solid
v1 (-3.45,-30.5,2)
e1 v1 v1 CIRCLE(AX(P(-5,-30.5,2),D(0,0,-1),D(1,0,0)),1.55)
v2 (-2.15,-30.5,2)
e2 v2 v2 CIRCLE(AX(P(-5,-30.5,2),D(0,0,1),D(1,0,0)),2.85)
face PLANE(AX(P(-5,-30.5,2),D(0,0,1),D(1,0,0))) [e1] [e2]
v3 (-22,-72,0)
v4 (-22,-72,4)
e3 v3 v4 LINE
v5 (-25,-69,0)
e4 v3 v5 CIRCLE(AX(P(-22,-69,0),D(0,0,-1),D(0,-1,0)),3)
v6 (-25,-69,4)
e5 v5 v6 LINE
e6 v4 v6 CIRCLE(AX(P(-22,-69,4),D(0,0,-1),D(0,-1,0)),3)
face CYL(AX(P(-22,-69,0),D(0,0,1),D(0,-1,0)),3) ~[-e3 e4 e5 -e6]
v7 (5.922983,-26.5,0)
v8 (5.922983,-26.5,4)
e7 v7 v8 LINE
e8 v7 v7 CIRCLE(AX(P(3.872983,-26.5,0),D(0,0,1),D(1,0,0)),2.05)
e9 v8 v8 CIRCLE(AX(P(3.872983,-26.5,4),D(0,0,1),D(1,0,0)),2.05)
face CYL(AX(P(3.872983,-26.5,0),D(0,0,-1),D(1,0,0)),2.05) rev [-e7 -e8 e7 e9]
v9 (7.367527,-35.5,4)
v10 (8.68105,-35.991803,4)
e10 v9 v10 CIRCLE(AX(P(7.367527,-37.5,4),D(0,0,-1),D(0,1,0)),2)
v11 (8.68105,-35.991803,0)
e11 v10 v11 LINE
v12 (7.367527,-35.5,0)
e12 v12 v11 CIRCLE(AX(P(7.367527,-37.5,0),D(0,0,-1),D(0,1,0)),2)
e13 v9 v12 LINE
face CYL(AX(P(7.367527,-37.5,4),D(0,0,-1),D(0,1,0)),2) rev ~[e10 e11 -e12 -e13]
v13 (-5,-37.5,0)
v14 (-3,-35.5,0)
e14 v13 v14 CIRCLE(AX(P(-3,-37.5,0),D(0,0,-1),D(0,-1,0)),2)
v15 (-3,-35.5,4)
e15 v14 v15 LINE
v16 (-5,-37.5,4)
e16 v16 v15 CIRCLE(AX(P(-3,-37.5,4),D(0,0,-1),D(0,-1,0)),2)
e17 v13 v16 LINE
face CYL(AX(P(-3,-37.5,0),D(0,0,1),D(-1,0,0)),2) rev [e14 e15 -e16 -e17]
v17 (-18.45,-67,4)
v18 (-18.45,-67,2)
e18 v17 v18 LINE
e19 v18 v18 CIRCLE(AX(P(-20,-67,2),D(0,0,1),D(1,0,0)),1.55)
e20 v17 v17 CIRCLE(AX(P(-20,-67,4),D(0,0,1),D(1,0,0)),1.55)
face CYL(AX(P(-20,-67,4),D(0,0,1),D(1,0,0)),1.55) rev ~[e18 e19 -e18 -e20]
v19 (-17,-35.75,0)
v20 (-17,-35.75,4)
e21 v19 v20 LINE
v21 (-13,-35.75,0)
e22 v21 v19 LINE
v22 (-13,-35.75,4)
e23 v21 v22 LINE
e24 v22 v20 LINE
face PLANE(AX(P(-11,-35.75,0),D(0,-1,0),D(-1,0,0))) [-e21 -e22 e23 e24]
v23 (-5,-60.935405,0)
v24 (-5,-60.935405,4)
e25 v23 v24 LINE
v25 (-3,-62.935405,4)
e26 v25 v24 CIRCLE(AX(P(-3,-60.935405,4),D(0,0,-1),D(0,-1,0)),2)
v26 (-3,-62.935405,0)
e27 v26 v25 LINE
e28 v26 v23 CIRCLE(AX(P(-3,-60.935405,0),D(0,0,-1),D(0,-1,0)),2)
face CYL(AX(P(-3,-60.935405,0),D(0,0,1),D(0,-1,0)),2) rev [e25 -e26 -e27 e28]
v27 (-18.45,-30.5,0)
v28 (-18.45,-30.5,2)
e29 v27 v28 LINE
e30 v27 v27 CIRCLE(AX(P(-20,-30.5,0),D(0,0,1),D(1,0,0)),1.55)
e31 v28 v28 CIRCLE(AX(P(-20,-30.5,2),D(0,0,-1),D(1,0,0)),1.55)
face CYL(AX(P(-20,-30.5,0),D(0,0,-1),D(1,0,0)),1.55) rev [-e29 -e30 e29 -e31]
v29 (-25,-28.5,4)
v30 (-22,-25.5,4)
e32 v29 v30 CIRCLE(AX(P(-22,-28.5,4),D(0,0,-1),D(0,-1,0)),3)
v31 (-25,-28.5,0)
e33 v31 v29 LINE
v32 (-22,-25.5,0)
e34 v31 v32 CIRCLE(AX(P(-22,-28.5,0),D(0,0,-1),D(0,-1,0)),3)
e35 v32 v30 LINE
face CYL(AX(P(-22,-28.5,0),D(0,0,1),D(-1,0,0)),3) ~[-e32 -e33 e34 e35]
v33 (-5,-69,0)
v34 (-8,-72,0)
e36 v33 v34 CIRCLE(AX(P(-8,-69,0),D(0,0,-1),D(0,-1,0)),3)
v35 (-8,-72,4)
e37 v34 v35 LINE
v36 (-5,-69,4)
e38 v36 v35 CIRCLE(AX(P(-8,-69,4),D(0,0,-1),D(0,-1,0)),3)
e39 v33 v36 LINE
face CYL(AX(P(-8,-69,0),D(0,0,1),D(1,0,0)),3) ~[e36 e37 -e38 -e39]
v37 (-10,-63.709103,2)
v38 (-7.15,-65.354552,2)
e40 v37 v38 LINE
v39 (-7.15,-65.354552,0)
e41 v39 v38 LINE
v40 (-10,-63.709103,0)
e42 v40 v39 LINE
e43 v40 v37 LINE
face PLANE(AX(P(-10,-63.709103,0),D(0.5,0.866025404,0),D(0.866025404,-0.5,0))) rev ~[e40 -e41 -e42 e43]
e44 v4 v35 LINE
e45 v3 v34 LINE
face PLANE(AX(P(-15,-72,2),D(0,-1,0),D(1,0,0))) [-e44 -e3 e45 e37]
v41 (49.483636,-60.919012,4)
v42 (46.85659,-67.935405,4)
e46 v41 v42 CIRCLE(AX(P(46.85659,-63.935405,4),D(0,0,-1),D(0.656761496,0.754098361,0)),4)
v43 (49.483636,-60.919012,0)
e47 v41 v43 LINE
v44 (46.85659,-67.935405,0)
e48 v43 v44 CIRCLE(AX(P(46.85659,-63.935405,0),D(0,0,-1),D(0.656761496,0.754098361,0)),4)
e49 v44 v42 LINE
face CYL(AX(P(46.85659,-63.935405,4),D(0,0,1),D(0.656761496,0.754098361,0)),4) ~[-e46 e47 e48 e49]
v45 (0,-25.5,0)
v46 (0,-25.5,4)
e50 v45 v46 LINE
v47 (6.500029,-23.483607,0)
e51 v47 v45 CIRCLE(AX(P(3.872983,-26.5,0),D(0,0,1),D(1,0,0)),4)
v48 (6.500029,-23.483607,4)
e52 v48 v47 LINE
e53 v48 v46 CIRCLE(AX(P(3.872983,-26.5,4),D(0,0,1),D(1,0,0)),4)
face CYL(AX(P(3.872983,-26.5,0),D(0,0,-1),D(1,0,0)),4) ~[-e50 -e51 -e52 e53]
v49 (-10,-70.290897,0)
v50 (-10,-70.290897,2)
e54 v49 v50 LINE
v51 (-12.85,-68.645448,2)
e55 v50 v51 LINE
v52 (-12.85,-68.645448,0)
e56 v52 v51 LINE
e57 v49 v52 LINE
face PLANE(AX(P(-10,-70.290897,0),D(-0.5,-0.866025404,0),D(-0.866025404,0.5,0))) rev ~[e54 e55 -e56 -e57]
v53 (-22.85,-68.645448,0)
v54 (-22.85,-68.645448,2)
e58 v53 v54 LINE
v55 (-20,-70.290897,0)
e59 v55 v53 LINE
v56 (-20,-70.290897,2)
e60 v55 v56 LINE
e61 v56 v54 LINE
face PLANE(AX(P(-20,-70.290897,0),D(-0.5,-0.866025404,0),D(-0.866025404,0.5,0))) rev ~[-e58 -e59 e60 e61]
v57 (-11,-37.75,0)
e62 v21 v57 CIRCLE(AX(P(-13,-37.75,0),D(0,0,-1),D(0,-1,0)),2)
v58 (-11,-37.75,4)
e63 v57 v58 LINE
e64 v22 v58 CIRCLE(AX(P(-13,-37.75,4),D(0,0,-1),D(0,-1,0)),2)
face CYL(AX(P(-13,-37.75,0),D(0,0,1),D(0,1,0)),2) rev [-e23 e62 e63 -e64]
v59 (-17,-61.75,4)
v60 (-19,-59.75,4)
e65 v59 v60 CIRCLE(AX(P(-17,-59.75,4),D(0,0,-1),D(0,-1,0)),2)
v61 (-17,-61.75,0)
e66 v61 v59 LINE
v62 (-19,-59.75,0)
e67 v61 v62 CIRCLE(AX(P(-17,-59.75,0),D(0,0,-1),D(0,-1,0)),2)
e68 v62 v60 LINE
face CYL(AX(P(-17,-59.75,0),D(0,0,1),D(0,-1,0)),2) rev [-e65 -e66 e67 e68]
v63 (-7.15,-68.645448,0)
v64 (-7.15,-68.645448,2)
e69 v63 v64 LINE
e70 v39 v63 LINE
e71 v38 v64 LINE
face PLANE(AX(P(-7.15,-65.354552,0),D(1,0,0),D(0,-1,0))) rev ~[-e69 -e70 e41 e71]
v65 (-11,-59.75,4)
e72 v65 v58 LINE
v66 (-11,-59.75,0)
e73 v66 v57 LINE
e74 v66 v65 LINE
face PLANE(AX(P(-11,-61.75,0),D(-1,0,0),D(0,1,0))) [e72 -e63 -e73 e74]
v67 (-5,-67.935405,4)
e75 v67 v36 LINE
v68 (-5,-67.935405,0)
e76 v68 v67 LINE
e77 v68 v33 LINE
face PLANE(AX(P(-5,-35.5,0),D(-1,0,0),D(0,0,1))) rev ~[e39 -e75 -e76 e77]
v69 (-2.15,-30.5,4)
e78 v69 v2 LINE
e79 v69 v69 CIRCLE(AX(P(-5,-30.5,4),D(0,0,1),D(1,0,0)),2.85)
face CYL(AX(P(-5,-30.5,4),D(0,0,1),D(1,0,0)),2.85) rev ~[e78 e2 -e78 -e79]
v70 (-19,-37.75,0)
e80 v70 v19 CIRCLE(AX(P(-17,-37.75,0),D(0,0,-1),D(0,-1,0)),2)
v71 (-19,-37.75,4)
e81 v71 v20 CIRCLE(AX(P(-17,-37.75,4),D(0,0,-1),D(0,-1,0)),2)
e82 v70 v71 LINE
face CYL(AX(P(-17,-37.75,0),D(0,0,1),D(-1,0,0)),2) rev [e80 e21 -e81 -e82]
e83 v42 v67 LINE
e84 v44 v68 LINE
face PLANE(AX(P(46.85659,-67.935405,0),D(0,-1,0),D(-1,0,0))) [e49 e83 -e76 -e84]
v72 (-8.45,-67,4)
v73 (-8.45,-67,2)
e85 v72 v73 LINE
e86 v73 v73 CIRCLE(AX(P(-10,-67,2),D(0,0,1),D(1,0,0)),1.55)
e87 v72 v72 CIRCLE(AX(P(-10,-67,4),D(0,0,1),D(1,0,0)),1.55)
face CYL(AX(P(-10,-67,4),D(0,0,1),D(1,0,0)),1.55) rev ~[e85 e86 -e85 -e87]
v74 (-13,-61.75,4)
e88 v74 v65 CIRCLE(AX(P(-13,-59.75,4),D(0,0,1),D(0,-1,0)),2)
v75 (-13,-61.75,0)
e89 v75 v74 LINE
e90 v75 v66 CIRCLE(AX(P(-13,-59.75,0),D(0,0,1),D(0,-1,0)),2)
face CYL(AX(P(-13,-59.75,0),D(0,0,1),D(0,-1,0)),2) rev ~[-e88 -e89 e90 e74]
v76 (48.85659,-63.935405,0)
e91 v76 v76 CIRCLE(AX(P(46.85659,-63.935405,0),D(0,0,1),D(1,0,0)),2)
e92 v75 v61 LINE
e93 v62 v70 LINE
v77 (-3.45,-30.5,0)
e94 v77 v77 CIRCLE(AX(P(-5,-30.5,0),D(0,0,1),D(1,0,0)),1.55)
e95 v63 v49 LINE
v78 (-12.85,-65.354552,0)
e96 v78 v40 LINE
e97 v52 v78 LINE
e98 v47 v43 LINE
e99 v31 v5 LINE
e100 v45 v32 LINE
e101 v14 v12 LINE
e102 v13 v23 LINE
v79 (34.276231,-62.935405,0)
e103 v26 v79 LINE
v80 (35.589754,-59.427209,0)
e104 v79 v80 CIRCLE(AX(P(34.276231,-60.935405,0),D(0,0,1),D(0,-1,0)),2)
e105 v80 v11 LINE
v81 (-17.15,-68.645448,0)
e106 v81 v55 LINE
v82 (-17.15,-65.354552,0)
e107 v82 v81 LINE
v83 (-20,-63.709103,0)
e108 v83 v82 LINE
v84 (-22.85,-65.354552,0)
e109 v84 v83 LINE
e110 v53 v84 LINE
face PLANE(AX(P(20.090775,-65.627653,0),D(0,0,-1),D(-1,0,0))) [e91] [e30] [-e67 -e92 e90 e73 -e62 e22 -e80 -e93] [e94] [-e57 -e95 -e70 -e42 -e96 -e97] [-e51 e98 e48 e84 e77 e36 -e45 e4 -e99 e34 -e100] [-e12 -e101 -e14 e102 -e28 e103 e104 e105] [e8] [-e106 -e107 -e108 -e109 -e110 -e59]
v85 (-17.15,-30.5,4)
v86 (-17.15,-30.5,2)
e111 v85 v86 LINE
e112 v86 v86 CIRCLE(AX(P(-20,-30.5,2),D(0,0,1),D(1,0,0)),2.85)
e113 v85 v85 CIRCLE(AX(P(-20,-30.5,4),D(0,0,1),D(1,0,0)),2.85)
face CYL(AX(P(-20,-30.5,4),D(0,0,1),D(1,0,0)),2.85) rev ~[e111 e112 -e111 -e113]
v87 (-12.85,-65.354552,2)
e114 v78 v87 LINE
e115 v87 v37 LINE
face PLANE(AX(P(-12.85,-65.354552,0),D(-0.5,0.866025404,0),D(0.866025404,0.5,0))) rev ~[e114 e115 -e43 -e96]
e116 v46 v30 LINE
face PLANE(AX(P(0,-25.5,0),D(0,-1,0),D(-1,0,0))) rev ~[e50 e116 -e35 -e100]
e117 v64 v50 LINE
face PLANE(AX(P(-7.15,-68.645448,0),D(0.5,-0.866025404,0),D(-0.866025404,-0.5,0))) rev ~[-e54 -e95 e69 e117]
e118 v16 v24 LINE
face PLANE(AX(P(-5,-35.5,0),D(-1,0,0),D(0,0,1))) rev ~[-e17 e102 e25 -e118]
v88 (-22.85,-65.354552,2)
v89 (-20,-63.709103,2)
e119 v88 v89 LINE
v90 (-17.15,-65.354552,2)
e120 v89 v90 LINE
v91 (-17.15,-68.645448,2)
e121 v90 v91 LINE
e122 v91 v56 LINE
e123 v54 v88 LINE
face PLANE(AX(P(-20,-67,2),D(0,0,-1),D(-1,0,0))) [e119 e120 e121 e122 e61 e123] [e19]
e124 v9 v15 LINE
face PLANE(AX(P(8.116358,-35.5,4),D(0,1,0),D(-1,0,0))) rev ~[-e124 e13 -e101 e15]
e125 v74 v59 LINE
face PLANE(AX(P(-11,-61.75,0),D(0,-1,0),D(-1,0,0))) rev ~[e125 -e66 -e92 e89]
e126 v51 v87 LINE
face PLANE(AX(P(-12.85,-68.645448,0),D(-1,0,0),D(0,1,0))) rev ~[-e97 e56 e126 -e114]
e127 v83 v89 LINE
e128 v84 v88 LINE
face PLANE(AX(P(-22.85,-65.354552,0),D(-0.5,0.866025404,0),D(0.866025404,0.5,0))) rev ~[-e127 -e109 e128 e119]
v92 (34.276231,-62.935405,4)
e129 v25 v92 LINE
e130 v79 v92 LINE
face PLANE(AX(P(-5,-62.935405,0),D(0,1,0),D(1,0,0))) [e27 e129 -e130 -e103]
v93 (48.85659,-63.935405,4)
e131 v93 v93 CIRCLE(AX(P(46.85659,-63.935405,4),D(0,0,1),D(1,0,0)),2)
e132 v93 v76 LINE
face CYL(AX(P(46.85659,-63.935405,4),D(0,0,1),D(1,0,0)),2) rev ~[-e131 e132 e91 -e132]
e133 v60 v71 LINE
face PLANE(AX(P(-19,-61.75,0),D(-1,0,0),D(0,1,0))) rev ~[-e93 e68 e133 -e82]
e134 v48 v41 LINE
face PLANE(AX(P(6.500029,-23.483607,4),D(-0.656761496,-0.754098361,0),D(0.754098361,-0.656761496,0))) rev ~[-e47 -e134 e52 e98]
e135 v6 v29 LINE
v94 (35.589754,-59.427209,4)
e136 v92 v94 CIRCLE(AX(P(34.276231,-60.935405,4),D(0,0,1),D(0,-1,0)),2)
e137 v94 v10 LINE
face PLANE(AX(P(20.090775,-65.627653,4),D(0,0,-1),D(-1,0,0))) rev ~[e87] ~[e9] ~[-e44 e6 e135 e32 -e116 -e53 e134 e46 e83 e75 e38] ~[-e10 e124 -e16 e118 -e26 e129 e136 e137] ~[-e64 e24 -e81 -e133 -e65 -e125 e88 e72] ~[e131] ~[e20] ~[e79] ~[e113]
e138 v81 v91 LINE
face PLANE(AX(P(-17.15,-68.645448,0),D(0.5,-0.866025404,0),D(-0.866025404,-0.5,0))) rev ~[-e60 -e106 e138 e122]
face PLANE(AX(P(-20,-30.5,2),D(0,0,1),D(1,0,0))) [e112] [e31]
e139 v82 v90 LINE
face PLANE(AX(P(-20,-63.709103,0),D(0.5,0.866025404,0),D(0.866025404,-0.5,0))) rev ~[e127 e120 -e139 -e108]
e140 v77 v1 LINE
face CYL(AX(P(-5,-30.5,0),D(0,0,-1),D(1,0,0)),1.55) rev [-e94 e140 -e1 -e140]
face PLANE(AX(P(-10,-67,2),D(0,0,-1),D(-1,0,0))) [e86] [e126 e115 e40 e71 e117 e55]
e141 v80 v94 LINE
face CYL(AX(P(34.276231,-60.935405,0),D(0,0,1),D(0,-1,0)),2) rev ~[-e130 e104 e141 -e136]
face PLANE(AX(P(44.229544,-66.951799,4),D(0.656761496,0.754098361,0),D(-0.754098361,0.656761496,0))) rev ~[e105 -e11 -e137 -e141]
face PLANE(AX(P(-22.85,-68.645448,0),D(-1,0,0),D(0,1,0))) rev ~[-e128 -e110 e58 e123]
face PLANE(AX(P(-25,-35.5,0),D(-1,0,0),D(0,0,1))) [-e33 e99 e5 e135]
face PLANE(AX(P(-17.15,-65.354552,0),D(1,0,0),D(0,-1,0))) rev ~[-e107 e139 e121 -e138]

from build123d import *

# Parameters (mm, degrees)
SKETCH1_R           = 1.55
SKETCH1_R_2         = 2.05
BOSS_EXTRUDE1_DEPTH = 4
SKETCH2_R           = 2
BOSS_EXTRUDE2_DEPTH = 4
SKETCH3_W           = 20
SKETCH3_H           = 4
BOSS_EXTRUDE3_DEPTH = 36.5
SKETCH4_R           = 1.55
CUT_EXTRUDE1_DEPTH  = 5
CUT_EXTRUDE2_DEPTH  = 2
BOSS_EXTRUDE4_DEPTH = 4
FILLET1_R           = 2
FILLET2_R           = 3
SKETCH7_W           = 8
SKETCH7_H           = 26
CUT_EXTRUDE3_DEPTH  = 10
FILLET3_R           = 2
SKETCH8_R           = 2.85
CUT_EXTRUDE4_DEPTH  = 2


with BuildPart() as part:
    # Sketch1 → Boss-Extrude1 (new body)
    with BuildSketch(Plane.XY):
        with BuildLine():
            Line((-25, -35.5), (0, -35.5))
            Line((0, -35.5), (7.872983346, -35.5))
            Line((7.872983346, -35.5), (7.872983346, -26.5))
            ThreePointArc((7.872983346, -26.5), (4.377000516, -22.531881215), (0, -25.5))
            Line((0, -25.5), (-25, -25.5))
            Line((-25, -25.5), (-25, -35.5))
        make_face()
        with Locations((-20, -30.5)):
            Circle(SKETCH1_R, mode=Mode.SUBTRACT)
        with Locations((-5, -30.5)):
            Circle(SKETCH1_R, mode=Mode.SUBTRACT)
        with Locations((3.872983346, -26.5)):
            Circle(SKETCH1_R_2, mode=Mode.SUBTRACT)
    extrude(amount=BOSS_EXTRUDE1_DEPTH)

    # Sketch2 → Boss-Extrude2 (add)
    with BuildSketch(Plane.XY.offset(4)):
        with BuildLine():
            Line((7.872983346, -35.5), (7.872983346, -26.5))
            ThreePointArc((7.872983346, -26.5), (7.513600322, -24.842921839), (6.50002933, -23.483606557))
            Line((6.50002933, -23.483606557), (49.483635887, -60.919011822))
            ThreePointArc((49.483635887, -60.919011822), (49.872983346, -66.562451248), (44.22954392, -66.951798707))
            Line((44.22954392, -66.951798707), (8.116358245, -35.5))
            Line((8.116358245, -35.5), (7.872983346, -35.5))
        make_face()
        with Locations((46.856589904, -63.935405265)):
            Circle(SKETCH2_R, mode=Mode.SUBTRACT)
    extrude(amount=-BOSS_EXTRUDE2_DEPTH)

    # Sketch3 → Boss-Extrude3 (add)
    with BuildSketch(Plane.XZ.offset(35.5)):
        with Locations((-15, 2)):
            Rectangle(SKETCH3_W, SKETCH3_H)
    extrude(amount=BOSS_EXTRUDE3_DEPTH)

    # Sketch4 → Cut-Extrude1 (cut, through all)
    with BuildSketch(Plane.XY.offset(4)):
        with Locations((-20, -67)):
            Circle(SKETCH4_R)
        with Locations((-10, -67)):
            Circle(SKETCH4_R)
    extrude(amount=-CUT_EXTRUDE1_DEPTH, mode=Mode.SUBTRACT)

    # Sketch5 → Cut-Extrude2 (cut)
    with BuildSketch(Plane(origin=(0, 0, 0), x_dir=(-1, 0, 0), z_dir=(0, 0, -1))):
        Polygon((22.85, -68.645448267), (22.85, -65.354551733), (20, -63.709103466), (17.15, -65.354551733), (17.15, -68.645448267), (20, -70.290896534), align=None)
        Polygon((12.85, -68.645448267), (12.85, -65.354551733), (10, -63.709103466), (7.15, -65.354551733), (7.15, -68.645448267), (10, -70.290896534), align=None)
    extrude(amount=-CUT_EXTRUDE2_DEPTH, mode=Mode.SUBTRACT)

    # Sketch6 → Boss-Extrude4 (add)
    with BuildSketch(Plane(origin=(0, 0, 0), x_dir=(-1, 0, 0), z_dir=(0, 0, -1))):
        with BuildLine():
            ThreePointArc((-44.22954392, -66.951798707), (-45.454016157, -67.681441421), (-46.856589904, -67.935405265))
            Line((-46.856589904, -67.935405265), (5, -67.935405265))
            Line((5, -67.935405265), (5, -62.935405265))
            Line((5, -62.935405265), (-39.617891547, -62.935405265))
            Line((-39.617891547, -62.935405265), (-44.22954392, -66.951798707))
        make_face()
    extrude(amount=-BOSS_EXTRUDE4_DEPTH)

    # Fillet1
    fillet1_edges = [part.edges().sort_by_distance(p)[0] for p in [
        (39.617891547, -62.935405265, 2),
        (-5, -62.935405265, 2),
        (8.116358245, -35.5, 2),
        (-5, -35.5, 2),
    ]]
    fillet(fillet1_edges, radius=FILLET1_R)

    # Fillet2
    fillet2_edges = [part.edges().sort_by_distance(p)[0] for p in [
        (-25, -25.5, 2),
        (-5, -72, 2),
        (-25, -72, 2),
    ]]
    fillet(fillet2_edges, radius=FILLET2_R)

    # Sketch7 → Cut-Extrude3 (cut)
    with BuildSketch(Plane(origin=(0, 0, 0), x_dir=(-1, 0, 0), z_dir=(0, 0, -1))):
        with Locations((15, -48.75)):
            Rectangle(SKETCH7_W, SKETCH7_H)
    extrude(amount=-CUT_EXTRUDE3_DEPTH, mode=Mode.SUBTRACT)

    # Fillet3
    fillet3_edges = [part.edges().sort_by_distance(p)[0] for p in [
        (-11, -61.75, 2),
        (-11, -35.75, 2),
        (-19, -35.75, 2),
        (-19, -61.75, 2),
    ]]
    fillet(fillet3_edges, radius=FILLET3_R)

    # Sketch8 → Cut-Extrude4 (cut)
    with BuildSketch(Plane.XY.offset(4)):
        with Locations((-20, -30.5)):
            Circle(SKETCH8_R)
        with Locations((-5, -30.5)):
            Circle(SKETCH8_R)
    extrude(amount=-CUT_EXTRUDE4_DEPTH, mode=Mode.SUBTRACT)


solid = part.part
